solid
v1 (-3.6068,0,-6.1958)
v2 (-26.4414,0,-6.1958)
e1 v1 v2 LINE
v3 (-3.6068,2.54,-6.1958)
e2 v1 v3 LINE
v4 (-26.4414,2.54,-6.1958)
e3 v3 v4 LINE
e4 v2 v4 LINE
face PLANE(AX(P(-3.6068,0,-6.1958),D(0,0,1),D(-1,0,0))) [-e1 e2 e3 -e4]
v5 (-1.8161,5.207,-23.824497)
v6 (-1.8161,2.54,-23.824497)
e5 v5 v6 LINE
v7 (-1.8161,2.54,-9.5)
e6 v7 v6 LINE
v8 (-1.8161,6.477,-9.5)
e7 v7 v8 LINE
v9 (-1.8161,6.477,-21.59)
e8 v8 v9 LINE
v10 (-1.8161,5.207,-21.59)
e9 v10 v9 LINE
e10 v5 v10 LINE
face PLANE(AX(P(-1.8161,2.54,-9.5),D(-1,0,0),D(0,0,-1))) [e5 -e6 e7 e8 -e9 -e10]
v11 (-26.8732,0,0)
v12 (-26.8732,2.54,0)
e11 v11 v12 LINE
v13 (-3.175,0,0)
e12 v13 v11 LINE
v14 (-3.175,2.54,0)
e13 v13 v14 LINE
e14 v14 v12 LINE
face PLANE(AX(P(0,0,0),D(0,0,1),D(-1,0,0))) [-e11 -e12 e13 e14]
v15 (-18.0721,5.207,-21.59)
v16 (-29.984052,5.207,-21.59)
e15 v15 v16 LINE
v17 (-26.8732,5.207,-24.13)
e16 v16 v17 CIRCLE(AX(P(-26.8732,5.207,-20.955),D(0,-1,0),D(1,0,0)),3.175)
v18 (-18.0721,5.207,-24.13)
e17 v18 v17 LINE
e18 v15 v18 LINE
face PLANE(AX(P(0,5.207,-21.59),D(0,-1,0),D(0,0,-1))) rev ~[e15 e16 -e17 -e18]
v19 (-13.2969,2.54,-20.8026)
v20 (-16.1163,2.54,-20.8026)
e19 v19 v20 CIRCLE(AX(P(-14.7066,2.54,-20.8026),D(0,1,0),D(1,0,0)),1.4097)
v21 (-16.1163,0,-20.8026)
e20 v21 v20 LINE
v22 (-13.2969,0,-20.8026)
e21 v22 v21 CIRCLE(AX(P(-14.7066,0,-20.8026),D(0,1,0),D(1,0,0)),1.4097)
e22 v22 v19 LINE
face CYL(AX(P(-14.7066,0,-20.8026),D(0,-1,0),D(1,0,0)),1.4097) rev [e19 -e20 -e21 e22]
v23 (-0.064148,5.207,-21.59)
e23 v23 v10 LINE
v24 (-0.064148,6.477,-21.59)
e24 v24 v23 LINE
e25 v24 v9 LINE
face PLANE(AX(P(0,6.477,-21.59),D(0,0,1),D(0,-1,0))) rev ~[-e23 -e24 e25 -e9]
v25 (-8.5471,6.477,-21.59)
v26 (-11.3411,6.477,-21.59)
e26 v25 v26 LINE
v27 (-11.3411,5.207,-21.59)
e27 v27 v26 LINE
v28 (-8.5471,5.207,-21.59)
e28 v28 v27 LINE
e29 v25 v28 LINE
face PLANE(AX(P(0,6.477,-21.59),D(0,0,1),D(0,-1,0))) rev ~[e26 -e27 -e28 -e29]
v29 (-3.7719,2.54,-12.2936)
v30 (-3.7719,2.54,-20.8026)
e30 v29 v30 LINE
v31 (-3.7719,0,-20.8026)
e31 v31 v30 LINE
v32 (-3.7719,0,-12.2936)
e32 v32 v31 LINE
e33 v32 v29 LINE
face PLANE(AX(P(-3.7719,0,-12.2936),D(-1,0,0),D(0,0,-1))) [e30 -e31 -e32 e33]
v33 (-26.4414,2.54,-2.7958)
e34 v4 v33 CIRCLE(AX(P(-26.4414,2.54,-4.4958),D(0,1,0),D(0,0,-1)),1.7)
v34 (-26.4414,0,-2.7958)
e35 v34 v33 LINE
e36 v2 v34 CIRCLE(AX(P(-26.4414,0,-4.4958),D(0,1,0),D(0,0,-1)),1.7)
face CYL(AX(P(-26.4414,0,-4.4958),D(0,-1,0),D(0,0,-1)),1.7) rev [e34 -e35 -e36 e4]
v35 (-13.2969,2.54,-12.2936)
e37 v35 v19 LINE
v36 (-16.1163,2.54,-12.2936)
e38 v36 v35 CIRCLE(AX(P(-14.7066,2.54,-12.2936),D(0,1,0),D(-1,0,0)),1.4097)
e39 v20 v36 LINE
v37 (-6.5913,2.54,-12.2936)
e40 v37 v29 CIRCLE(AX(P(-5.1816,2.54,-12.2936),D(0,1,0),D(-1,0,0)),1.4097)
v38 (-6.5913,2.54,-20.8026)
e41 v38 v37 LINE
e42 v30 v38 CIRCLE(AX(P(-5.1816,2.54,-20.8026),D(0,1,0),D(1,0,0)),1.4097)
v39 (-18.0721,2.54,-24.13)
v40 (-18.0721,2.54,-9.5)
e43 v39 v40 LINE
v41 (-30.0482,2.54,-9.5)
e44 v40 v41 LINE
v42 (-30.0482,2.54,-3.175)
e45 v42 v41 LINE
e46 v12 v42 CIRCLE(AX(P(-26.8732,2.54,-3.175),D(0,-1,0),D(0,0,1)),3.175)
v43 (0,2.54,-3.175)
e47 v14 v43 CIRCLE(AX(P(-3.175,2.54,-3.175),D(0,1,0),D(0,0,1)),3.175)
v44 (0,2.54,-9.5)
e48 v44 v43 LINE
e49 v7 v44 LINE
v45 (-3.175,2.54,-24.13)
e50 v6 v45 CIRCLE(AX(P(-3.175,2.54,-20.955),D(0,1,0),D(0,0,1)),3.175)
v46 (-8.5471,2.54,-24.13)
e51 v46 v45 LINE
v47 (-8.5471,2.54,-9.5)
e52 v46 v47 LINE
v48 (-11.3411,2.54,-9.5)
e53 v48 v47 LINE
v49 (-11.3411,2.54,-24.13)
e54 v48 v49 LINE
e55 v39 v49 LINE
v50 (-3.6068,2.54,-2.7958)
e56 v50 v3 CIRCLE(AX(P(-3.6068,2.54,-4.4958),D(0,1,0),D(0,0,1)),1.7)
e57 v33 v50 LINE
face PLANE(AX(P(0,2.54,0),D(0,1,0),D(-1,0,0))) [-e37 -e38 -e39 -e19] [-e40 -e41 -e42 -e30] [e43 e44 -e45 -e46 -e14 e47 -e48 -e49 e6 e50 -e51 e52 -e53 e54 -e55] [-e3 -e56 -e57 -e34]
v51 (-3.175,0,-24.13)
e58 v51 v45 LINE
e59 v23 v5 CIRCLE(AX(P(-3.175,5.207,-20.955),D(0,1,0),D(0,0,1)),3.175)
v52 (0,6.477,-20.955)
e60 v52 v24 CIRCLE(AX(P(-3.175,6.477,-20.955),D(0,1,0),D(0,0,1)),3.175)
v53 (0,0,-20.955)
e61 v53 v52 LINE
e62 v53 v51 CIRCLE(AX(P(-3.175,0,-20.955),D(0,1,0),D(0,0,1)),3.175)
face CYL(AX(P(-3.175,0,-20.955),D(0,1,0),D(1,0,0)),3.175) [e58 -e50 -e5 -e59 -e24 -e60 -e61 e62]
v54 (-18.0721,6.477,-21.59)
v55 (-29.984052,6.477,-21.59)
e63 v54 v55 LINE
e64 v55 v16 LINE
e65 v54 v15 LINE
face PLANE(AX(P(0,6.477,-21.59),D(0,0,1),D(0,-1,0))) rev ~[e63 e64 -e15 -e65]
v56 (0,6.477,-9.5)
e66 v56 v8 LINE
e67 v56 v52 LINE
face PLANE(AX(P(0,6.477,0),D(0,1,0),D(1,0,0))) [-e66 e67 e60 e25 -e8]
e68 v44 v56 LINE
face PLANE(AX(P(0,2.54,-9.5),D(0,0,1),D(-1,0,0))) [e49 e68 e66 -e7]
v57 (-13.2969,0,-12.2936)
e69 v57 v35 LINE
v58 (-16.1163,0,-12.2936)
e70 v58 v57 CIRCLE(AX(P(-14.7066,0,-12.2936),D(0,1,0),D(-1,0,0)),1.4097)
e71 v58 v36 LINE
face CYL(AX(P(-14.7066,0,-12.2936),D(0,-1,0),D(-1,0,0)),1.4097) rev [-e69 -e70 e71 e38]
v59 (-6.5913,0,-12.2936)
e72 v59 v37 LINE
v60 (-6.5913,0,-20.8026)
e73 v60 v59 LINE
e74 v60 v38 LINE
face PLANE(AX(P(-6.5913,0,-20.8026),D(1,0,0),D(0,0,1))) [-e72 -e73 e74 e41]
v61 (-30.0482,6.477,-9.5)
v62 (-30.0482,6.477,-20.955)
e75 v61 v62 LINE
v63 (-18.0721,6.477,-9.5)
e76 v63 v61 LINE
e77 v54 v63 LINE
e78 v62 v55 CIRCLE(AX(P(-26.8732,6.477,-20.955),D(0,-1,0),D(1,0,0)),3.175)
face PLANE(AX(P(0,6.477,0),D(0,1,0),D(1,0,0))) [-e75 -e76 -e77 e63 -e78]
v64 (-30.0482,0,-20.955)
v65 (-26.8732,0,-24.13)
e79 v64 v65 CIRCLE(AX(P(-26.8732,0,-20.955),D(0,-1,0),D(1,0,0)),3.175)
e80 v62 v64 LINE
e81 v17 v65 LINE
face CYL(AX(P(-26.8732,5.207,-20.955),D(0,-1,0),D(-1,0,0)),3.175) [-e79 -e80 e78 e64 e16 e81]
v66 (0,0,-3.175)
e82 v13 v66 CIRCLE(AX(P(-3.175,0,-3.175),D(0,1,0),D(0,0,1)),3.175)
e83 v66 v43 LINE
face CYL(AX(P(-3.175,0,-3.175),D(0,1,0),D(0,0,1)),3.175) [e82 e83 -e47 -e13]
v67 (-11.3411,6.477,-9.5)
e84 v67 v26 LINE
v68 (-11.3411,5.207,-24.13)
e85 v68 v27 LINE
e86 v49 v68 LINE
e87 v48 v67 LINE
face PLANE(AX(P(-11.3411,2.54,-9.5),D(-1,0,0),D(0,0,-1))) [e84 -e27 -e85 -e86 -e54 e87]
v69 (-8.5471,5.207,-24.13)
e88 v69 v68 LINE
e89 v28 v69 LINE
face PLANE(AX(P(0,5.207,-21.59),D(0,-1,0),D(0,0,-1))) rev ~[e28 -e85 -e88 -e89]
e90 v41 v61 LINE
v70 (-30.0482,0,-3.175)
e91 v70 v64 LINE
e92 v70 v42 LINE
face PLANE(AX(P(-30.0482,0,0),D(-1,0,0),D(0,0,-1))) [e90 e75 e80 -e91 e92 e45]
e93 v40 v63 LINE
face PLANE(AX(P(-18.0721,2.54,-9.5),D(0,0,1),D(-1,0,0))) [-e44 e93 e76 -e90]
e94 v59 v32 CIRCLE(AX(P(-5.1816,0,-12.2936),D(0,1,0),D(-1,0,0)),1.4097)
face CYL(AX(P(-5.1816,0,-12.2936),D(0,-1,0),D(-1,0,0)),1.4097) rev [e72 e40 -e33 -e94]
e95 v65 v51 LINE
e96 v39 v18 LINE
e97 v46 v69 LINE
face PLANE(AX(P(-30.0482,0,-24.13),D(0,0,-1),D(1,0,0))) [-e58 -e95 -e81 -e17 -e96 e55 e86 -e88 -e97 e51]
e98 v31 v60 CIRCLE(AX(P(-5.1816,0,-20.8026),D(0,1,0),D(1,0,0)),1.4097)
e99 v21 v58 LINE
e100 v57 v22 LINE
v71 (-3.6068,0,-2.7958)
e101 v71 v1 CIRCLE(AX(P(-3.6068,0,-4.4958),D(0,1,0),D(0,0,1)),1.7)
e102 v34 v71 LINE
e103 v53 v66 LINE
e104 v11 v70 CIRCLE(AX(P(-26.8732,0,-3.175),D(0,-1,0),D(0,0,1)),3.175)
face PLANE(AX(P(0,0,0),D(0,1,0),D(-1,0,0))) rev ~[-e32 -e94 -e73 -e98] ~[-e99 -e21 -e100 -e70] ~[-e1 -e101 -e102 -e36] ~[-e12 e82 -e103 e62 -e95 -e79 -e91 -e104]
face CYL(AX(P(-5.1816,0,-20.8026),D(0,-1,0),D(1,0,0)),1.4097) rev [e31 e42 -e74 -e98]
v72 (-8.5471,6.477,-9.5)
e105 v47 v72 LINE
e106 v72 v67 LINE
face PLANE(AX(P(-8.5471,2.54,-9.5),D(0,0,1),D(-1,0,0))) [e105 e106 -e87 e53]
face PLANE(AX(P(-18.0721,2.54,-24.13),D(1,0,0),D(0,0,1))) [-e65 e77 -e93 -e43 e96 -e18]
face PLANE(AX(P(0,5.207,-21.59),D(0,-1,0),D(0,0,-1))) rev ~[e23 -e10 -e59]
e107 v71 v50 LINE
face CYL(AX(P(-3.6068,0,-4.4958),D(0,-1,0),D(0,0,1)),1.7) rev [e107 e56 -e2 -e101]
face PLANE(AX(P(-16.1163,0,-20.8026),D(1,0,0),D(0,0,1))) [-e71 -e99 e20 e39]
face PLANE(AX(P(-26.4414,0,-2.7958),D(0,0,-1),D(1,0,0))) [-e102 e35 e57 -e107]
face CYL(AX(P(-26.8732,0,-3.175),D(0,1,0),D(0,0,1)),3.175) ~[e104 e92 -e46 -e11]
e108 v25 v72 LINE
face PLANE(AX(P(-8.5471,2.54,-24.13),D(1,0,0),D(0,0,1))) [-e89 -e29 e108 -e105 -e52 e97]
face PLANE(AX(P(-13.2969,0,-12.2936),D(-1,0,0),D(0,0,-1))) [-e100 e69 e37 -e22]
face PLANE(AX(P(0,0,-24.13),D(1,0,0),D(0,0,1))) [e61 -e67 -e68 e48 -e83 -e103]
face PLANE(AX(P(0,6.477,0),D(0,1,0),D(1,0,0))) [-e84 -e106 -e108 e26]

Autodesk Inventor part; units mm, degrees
ref_plane "YZ Plane" through (0, 0, 0) normal (1, 0, 0) x (0, 1, 0)
sketch "Sketch1" plane through (0, 0, 0) normal (0, 1, 0) x (-1, 0, 0)
  line L0 (0, 0) -> (30.0482, 0)
  line L1 (30.0482, 0) -> (30.0482, -24.13)
  line L2 (30.0482, -24.13) -> (0, -24.13)
  line L3 (0, -24.13) -> (0, 0)
  line L4 (5.1816, -12.2936) -> (5.1816, -20.8026) construction
  line L5 (3.7719, -12.2936) -> (3.7719, -20.8026)
  line L6 (6.5913, -20.8026) -> (6.5913, -12.2936)
  arc A0 (6.5913, -12.2936) -> (3.7719, -12.2936) centre (5.1816, -12.2936) ccw
  arc A1 (3.7719, -20.8026) -> (6.5913, -20.8026) centre (5.1816, -20.8026) ccw
  line L7 (14.7066, -12.2936) -> (14.7066, -20.8026) construction
  line L8 (13.2969, -12.2936) -> (13.2969, -20.8026)
  line L9 (16.1163, -20.8026) -> (16.1163, -12.2936)
  arc A2 (16.1163, -12.2936) -> (13.2969, -12.2936) centre (14.7066, -12.2936) ccw
  arc A3 (13.2969, -20.8026) -> (16.1163, -20.8026) centre (14.7066, -20.8026) ccw
  line L10 (26.4414, -4.4958) -> (3.6068, -4.4958) construction
  line L11 (26.4414, -2.7958) -> (3.6068, -2.7958)
  line L12 (3.6068, -6.1958) -> (26.4414, -6.1958)
  arc A4 (26.4414, -6.1958) -> (26.4414, -2.7958) centre (26.4414, -4.4958) ccw
  arc A5 (3.6068, -2.7958) -> (3.6068, -6.1958) centre (3.6068, -4.4958) ccw
  point P0 (5.1816, -16.5481)
  point P1 (14.7066, -16.5481)
  point P2 (15.0241, -4.4958)
  dimension "d0" = 30.0482
  dimension "d1" = 24.13
  dimension "d5" = 12.2936
  dimension "d6" = 2.8194
  dimension "d7" = 5.1816
  dimension "d8" = 3.3274
  dimension "d11" = 9.525
  dimension "d16" = 3.4
  dimension "d17" = 4.4958
  dimension "d18" = 3.6068
  dimension "d19" = 3.6068
extrude "Extrusion1" add sketch "Sketch1" along normal blind 2.54
sketch "Sketch2" plane through (0, 2.54, 0) normal (0, 1, 0) x (1, 0, 0)
  line L0 (0, 24.13) -> (-30.0482, 24.13) projected
  line L1 (0, 0) -> (0, 24.13) projected
  line L2 (-30.0482, 24.13) -> (0, 24.13)
  line L3 (0, 24.13) -> (0, 9.5)
  line L4 (0, 9.5) -> (-30.0482, 9.5)
  line L5 (-30.0482, 9.5) -> (-30.0482, 24.13)
  line L6 (-30.0482, 0) -> (0, 0) projected
  line L7 (-1.8161, 9.5) -> (-1.8161, 24.13)
  line L8 (-1.8161, 24.13) -> (-8.5471, 24.13)
  line L9 (-8.5471, 24.13) -> (-8.5471, 9.5)
  arc A0 (-6.5913, 12.2936) -> (-3.7719, 12.2936) centre (-5.1816, 12.2936) ccw projected
  line L10 (-8.5471, 0.4572) -> (-1.8161, 24.13) construction
  line L11 (-1.8161, 0.4572) -> (-8.5471, 24.13) construction
  line L12 (-8.5471, 9.5) -> (-1.5875, 9.5)
  line L13 (-18.0721, 24.13) -> (-18.0721, 9.5)
  line L14 (-11.3411, 9.5) -> (-11.3411, 24.13)
  line L15 (-18.0721, 9.5) -> (-11.1125, 9.5)
  line L16 (-11.3411, 24.13) -> (-18.0721, 24.13)
  point P0 (-8.5471, 9.5)
  point P1 (-18.0721, 9.5)
  dimension "d22" = 9.5
  dimension "d23" = 6.731
  dimension "d24" = 3.3655
  dimension "d27" = 9.525
extrude "Extrusion2" add sketch "Sketch2" along normal blind 3.937 contours L1 L4 L7 L0 | L9 L4 L14 L0 | L13 L4 L5 L0
ref_plane "Work Plane1" through (-5.1816, 0, -12.2936) normal (1, 0, 0) x (0, 0, -1)
ref_plane "Work Plane2" through (-14.7066, 0, -12.2936) normal (1, 0, 0) x (0, 0, -1)
sketch "Sketch3" plane through (0, 0, 0) normal (1, 0, 0) x (0, 0, -1)
  line L0 (24.13, 6.477) -> (9.5, 6.477) projected
  line L1 (24.13, 6.477) -> (21.59, 6.477)
  line L2 (21.59, 6.477) -> (21.59, 5.207)
  line L3 (21.59, 5.207) -> (24.13, 5.207)
  line L4 (24.13, 5.207) -> (24.13, 6.477)
  point P0 (0, 0)
  dimension "d35" = 2.54
  dimension "d36" = 1.27
extrude "Extrusion3" cut sketch "Sketch3" against normal through all
fillet "Fillet2" radius 3.175 4 edges at (0, 1.27, 0) (0, 2.6035, -24.13) (-30.0482, 2.6035, -24.13) (-30.0482, 1.27, 0)
equation "\"d19\" = d18"
equation "\"d27\" = d11"
properties part number "Limit switch mount top nut well"
